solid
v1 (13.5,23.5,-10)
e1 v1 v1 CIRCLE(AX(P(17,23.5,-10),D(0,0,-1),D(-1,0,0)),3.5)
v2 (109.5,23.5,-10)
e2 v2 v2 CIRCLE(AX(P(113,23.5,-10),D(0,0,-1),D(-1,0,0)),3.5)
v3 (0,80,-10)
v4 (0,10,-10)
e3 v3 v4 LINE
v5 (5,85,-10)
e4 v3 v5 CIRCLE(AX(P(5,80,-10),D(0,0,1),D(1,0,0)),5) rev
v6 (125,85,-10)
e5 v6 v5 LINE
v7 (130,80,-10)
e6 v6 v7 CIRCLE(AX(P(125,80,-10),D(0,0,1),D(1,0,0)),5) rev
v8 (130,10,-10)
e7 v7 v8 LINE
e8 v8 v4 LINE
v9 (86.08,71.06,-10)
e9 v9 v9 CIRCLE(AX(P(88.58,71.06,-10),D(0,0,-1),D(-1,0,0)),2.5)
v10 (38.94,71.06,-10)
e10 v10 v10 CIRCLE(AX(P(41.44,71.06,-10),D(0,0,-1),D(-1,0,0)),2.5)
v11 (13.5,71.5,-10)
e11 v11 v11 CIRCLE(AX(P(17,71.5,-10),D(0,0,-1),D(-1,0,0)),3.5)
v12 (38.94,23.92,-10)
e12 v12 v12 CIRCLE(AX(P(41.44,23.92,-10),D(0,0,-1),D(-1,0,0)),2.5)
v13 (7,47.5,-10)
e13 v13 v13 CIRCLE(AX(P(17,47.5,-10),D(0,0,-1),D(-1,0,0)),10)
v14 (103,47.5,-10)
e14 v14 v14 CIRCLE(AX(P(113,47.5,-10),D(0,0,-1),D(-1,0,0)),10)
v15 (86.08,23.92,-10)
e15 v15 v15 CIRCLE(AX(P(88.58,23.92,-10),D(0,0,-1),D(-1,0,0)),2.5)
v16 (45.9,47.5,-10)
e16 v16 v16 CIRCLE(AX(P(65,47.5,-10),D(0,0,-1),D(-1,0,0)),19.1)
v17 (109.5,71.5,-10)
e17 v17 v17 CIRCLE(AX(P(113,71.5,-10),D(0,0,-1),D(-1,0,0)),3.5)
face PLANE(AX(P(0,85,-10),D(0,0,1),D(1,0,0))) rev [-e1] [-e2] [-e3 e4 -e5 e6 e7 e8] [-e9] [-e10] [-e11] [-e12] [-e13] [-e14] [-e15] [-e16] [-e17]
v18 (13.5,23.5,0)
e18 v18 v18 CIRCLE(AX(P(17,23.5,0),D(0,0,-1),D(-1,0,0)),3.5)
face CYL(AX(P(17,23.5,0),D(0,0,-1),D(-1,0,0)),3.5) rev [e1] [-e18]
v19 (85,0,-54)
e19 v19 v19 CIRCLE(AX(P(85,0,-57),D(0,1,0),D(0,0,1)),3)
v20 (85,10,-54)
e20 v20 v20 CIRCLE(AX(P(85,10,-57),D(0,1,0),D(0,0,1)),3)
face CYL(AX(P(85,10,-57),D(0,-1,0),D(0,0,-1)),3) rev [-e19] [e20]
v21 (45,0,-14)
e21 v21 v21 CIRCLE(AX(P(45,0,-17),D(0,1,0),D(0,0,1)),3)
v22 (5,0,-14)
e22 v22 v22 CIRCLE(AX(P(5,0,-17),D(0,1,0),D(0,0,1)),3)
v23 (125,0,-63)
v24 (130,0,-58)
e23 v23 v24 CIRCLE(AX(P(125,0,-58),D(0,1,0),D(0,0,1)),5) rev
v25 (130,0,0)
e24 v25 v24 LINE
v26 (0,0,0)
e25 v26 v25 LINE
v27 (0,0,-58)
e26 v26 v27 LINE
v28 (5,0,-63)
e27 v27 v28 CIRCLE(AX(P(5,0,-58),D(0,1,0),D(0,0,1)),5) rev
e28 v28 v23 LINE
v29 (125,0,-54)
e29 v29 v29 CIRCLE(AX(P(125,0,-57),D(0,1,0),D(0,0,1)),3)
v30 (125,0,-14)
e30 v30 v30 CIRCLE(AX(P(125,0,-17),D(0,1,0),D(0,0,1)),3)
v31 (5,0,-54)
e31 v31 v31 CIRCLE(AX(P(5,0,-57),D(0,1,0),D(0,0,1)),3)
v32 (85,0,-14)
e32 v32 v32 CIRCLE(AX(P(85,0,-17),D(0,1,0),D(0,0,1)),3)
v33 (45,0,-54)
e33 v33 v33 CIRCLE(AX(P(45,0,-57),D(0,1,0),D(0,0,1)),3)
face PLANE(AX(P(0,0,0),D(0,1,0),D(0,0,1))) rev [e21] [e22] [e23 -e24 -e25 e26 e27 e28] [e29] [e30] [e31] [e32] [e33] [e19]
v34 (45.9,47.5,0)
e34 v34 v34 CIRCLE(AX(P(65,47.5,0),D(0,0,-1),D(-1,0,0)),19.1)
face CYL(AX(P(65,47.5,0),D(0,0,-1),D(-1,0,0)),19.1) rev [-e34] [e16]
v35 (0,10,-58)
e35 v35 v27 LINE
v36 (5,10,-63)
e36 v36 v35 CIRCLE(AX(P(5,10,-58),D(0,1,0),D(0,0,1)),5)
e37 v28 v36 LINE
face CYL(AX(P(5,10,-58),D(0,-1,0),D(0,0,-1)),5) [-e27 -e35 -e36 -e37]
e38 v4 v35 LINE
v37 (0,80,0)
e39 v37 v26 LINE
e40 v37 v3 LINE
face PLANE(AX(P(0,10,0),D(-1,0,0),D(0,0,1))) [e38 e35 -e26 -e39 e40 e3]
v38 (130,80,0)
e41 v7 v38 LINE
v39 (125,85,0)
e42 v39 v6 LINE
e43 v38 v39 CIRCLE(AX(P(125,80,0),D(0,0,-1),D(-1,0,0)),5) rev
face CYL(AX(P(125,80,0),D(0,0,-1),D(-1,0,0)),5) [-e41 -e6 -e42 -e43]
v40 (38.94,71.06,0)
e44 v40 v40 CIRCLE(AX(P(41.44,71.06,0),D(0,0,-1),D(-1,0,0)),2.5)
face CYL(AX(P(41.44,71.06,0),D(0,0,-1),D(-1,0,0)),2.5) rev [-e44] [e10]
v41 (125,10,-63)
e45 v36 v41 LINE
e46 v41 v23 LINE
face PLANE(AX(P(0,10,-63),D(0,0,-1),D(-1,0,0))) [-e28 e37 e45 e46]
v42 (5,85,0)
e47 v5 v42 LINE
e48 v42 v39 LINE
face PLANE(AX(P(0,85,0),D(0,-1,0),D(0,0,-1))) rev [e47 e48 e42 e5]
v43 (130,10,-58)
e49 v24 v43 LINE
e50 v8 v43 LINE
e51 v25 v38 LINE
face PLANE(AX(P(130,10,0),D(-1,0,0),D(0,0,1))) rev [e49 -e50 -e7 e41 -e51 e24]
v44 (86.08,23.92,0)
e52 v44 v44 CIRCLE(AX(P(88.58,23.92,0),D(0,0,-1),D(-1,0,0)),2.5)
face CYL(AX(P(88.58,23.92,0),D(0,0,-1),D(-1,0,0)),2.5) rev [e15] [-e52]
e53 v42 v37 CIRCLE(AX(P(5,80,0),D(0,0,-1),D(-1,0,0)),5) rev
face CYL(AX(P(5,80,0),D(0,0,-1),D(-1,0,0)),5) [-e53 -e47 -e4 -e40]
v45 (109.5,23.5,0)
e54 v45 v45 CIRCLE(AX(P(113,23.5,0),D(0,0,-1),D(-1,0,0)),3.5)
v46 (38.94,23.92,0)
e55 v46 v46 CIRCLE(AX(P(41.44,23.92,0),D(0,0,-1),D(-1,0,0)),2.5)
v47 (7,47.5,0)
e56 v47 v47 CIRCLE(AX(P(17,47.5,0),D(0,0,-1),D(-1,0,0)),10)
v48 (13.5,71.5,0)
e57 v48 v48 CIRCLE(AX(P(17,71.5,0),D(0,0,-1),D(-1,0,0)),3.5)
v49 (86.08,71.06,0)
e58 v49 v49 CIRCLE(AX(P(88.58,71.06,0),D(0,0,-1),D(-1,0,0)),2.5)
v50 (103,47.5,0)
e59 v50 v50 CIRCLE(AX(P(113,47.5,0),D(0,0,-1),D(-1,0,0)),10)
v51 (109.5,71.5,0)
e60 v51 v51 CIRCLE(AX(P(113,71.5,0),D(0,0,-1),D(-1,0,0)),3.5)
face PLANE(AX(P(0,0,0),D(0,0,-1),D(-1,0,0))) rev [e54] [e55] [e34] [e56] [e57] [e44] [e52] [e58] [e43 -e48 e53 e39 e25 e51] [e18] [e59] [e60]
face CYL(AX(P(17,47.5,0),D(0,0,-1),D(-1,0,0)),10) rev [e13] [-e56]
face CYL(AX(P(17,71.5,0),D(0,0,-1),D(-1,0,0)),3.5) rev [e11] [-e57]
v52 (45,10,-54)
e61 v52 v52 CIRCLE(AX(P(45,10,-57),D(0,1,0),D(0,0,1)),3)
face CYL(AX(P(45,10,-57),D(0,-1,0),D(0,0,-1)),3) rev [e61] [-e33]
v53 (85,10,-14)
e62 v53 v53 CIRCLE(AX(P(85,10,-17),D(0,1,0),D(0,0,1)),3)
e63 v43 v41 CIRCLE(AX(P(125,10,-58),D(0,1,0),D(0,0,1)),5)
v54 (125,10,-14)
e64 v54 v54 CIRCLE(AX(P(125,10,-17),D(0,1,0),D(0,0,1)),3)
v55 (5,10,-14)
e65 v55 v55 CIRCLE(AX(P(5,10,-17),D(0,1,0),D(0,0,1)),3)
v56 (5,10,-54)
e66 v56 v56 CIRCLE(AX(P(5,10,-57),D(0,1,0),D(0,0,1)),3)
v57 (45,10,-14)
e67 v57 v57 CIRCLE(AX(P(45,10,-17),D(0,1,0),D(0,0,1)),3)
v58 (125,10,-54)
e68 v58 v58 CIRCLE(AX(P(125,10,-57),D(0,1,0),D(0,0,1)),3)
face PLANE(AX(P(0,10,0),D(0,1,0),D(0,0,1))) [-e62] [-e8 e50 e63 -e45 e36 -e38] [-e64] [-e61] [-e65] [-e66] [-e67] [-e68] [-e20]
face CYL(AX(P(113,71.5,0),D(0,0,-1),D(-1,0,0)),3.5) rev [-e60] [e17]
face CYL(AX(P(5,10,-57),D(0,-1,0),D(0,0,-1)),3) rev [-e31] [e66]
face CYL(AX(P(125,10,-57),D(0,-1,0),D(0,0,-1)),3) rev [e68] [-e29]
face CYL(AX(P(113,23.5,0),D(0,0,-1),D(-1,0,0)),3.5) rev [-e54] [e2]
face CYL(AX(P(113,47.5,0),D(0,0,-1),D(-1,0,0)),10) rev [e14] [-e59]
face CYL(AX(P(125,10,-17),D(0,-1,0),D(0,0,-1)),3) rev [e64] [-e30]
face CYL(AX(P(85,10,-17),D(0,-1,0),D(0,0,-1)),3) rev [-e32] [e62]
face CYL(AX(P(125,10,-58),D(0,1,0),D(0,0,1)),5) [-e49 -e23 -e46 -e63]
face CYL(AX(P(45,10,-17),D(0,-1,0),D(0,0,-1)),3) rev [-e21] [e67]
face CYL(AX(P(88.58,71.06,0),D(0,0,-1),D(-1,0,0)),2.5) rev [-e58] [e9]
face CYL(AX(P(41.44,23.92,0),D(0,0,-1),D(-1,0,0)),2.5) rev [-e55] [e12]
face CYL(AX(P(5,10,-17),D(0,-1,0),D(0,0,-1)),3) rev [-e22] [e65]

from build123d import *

# Parameters (mm, degrees)
SKETCH1_R           = 3
SKETCH1_W           = 130
SKETCH1_H           = 10
BOSS_EXTRUDE1_DEPTH = 10
SKETCH2_W           = 130
SKETCH2_H           = 8.023003322
BOSS_EXTRUDE2_DEPTH = 75
FILLET1_R           = 5
SKETCH3_W           = 130
SKETCH3_H           = 8.023003322
CUT_EXTRUDE1_DEPTH  = 75
SKETCH4_W           = 130
SKETCH4_H           = 10
CUT_EXTRUDE2_DEPTH  = 37
SKETCH5_W           = 130
SKETCH5_H           = 10
BOSS_EXTRUDE4_DEPTH = 75
FILLET2_R           = 5
SKETCH6_R           = 10
SKETCH6_R_2         = 7.5
SKETCH6_R_3         = 3.5
SKETCH6_R_4         = 2.5
CUT_EXTRUDE3_DEPTH  = 10
SKETCH7_R           = 19.1
CUT_EXTRUDE4_DEPTH  = 10
SKETCH8_R           = 3.5
BOSS_EXTRUDE5_DEPTH = 10


with BuildPart() as part:
    # Sketch1 → Boss-Extrude1 (new body)
    # profile 1 of 3: a face of its own
    with BuildSketch(Plane(origin=(0, 0, 0), x_dir=(1, 0, 0), z_dir=(0, 1, 0))):
        Polygon((0, 63), (0, 0), (5, 0), (130, 0), (130, 63), align=None)
        with Locations(Location((5, 17, 0), (0, 0, 270))):
            Circle(SKETCH1_R, mode=Mode.SUBTRACT)
        with Locations(Location((45, 17, 0), (0, 0, 270))):
            Circle(SKETCH1_R, mode=Mode.SUBTRACT)
        with Locations(Location((5, 57, 0), (0, 0, 270))):
            Circle(SKETCH1_R, mode=Mode.SUBTRACT)
        with Locations(Location((45, 57, 0), (0, 0, 270))):
            Circle(SKETCH1_R, mode=Mode.SUBTRACT)
        with Locations(Location((85, 17, 0), (0, 0, 270))):
            Circle(SKETCH1_R, mode=Mode.SUBTRACT)
        with Locations(Location((125, 17, 0), (0, 0, 270))):
            Circle(SKETCH1_R, mode=Mode.SUBTRACT)
        with Locations(Location((85, 57, 0), (0, 0, 270))):
            Circle(SKETCH1_R, mode=Mode.SUBTRACT)
        with Locations(Location((125, 57, 0), (0, 0, 270))):
            Circle(SKETCH1_R, mode=Mode.SUBTRACT)
    # profile 2 of 3: a face of its own
    with BuildSketch(Plane(origin=(0, 0, 0), x_dir=(1, 0, 0), z_dir=(0, 1, 0))):
        Polygon((5, 0), (0, 0), (0, -27), (130, -27), (130, 0), align=None)
    # profile 3 of 3: a face of its own
    with BuildSketch(Plane(origin=(0, 0, 0), x_dir=(1, 0, 0), z_dir=(0, 1, 0))):
        with Locations((65, -32)):
            Rectangle(SKETCH1_W, SKETCH1_H)
    extrude(amount=BOSS_EXTRUDE1_DEPTH)

    # Sketch2 → Boss-Extrude2 (add)
    with BuildSketch(Plane(origin=(0, 10, 0), x_dir=(1, 0, 0), z_dir=(0, 1, 0))):
        with Locations((65, -32.988498339)):
            Rectangle(SKETCH2_W, SKETCH2_H)
    extrude(amount=BOSS_EXTRUDE2_DEPTH)

    # Fillet1
    fillet1_edges = [part.edges().sort_by_distance(p)[0] for p in [
        (0, 85, 32.988498339),
        (130, 85, 32.988498339),
        (130, 5, -63),
        (0, 5, -63),
    ]]
    fillet(fillet1_edges, radius=FILLET1_R)

    # Sketch3 → Cut-Extrude1 (cut)
    with BuildSketch(Plane(origin=(0, 85, 0), x_dir=(1, 0, 0), z_dir=(0, 1, 0))):
        with Locations((65, -32.988498339)):
            Rectangle(SKETCH3_W, SKETCH3_H)
    extrude(amount=-CUT_EXTRUDE1_DEPTH, mode=Mode.SUBTRACT)

    # Sketch4 → Cut-Extrude2 (cut)
    with BuildSketch(Plane.XY.offset(37)):
        with Locations((65, 5)):
            Rectangle(SKETCH4_W, SKETCH4_H)
    extrude(amount=-CUT_EXTRUDE2_DEPTH, mode=Mode.SUBTRACT)

    # Sketch5 → Boss-Extrude4 (add)
    with BuildSketch(Plane(origin=(0, 10, 0), x_dir=(1, 0, 0), z_dir=(0, 1, 0))):
        with Locations((65, 5)):
            Rectangle(SKETCH5_W, SKETCH5_H)
    extrude(amount=BOSS_EXTRUDE4_DEPTH)

    # Fillet2
    fillet2_edges = [part.edges().sort_by_distance(p)[0] for p in [
        (130, 85, -5),
        (0, 85, -5),
    ]]
    fillet(fillet2_edges, radius=FILLET2_R)

    # Sketch6 → Cut-Extrude3 (cut)
    with BuildSketch(Plane(origin=(0, 0, -10), x_dir=(-1, 0, 0), z_dir=(0, 0, -1))):
        with Locations((-113, 47.5)):
            Circle(SKETCH6_R)
        with Locations((-65, 47.5)):
            Circle(SKETCH6_R_2)
        with Locations((-17, 47.5)):
            Circle(SKETCH6_R)
        with Locations((-113, 71.5)):
            Circle(SKETCH6_R_3)
        with Locations((-65, 74.04)):
            Circle(SKETCH6_R_3)
        with Locations((-17, 71.5)):
            Circle(SKETCH6_R_3)
        with Locations((-17, 23.5)):
            Circle(SKETCH6_R_3)
        with Locations((-65, 21)):
            Circle(SKETCH6_R_3)
        with Locations((-113, 23.5)):
            Circle(SKETCH6_R_3)
        with Locations((-88.58, 71.06)):
            Circle(SKETCH6_R_4)
        with Locations((-41.44, 71.06)):
            Circle(SKETCH6_R_4)
        with Locations((-41.44, 23.92)):
            Circle(SKETCH6_R_4)
        with Locations((-88.58, 23.92)):
            Circle(SKETCH6_R_4)
    extrude(amount=-CUT_EXTRUDE3_DEPTH, mode=Mode.SUBTRACT)

    # Sketch7 → Cut-Extrude4 (cut)
    with BuildSketch(Plane(origin=(0, 0, -10), x_dir=(-1, 0, 0), z_dir=(0, 0, -1))):
        with Locations((-65, 47.5)):
            Circle(SKETCH7_R)
    extrude(amount=-CUT_EXTRUDE4_DEPTH, mode=Mode.SUBTRACT)

    # Sketch8 → Boss-Extrude5 (add)
    with BuildSketch(Plane(origin=(0, 0, -10), x_dir=(-1, 0, 0), z_dir=(0, 0, -1))):
        with Locations((-65, 74.04)):
            Circle(SKETCH8_R)
        with Locations((-65, 21)):
            Circle(SKETCH8_R)
    extrude(amount=-BOSS_EXTRUDE5_DEPTH)


solid = part.part
